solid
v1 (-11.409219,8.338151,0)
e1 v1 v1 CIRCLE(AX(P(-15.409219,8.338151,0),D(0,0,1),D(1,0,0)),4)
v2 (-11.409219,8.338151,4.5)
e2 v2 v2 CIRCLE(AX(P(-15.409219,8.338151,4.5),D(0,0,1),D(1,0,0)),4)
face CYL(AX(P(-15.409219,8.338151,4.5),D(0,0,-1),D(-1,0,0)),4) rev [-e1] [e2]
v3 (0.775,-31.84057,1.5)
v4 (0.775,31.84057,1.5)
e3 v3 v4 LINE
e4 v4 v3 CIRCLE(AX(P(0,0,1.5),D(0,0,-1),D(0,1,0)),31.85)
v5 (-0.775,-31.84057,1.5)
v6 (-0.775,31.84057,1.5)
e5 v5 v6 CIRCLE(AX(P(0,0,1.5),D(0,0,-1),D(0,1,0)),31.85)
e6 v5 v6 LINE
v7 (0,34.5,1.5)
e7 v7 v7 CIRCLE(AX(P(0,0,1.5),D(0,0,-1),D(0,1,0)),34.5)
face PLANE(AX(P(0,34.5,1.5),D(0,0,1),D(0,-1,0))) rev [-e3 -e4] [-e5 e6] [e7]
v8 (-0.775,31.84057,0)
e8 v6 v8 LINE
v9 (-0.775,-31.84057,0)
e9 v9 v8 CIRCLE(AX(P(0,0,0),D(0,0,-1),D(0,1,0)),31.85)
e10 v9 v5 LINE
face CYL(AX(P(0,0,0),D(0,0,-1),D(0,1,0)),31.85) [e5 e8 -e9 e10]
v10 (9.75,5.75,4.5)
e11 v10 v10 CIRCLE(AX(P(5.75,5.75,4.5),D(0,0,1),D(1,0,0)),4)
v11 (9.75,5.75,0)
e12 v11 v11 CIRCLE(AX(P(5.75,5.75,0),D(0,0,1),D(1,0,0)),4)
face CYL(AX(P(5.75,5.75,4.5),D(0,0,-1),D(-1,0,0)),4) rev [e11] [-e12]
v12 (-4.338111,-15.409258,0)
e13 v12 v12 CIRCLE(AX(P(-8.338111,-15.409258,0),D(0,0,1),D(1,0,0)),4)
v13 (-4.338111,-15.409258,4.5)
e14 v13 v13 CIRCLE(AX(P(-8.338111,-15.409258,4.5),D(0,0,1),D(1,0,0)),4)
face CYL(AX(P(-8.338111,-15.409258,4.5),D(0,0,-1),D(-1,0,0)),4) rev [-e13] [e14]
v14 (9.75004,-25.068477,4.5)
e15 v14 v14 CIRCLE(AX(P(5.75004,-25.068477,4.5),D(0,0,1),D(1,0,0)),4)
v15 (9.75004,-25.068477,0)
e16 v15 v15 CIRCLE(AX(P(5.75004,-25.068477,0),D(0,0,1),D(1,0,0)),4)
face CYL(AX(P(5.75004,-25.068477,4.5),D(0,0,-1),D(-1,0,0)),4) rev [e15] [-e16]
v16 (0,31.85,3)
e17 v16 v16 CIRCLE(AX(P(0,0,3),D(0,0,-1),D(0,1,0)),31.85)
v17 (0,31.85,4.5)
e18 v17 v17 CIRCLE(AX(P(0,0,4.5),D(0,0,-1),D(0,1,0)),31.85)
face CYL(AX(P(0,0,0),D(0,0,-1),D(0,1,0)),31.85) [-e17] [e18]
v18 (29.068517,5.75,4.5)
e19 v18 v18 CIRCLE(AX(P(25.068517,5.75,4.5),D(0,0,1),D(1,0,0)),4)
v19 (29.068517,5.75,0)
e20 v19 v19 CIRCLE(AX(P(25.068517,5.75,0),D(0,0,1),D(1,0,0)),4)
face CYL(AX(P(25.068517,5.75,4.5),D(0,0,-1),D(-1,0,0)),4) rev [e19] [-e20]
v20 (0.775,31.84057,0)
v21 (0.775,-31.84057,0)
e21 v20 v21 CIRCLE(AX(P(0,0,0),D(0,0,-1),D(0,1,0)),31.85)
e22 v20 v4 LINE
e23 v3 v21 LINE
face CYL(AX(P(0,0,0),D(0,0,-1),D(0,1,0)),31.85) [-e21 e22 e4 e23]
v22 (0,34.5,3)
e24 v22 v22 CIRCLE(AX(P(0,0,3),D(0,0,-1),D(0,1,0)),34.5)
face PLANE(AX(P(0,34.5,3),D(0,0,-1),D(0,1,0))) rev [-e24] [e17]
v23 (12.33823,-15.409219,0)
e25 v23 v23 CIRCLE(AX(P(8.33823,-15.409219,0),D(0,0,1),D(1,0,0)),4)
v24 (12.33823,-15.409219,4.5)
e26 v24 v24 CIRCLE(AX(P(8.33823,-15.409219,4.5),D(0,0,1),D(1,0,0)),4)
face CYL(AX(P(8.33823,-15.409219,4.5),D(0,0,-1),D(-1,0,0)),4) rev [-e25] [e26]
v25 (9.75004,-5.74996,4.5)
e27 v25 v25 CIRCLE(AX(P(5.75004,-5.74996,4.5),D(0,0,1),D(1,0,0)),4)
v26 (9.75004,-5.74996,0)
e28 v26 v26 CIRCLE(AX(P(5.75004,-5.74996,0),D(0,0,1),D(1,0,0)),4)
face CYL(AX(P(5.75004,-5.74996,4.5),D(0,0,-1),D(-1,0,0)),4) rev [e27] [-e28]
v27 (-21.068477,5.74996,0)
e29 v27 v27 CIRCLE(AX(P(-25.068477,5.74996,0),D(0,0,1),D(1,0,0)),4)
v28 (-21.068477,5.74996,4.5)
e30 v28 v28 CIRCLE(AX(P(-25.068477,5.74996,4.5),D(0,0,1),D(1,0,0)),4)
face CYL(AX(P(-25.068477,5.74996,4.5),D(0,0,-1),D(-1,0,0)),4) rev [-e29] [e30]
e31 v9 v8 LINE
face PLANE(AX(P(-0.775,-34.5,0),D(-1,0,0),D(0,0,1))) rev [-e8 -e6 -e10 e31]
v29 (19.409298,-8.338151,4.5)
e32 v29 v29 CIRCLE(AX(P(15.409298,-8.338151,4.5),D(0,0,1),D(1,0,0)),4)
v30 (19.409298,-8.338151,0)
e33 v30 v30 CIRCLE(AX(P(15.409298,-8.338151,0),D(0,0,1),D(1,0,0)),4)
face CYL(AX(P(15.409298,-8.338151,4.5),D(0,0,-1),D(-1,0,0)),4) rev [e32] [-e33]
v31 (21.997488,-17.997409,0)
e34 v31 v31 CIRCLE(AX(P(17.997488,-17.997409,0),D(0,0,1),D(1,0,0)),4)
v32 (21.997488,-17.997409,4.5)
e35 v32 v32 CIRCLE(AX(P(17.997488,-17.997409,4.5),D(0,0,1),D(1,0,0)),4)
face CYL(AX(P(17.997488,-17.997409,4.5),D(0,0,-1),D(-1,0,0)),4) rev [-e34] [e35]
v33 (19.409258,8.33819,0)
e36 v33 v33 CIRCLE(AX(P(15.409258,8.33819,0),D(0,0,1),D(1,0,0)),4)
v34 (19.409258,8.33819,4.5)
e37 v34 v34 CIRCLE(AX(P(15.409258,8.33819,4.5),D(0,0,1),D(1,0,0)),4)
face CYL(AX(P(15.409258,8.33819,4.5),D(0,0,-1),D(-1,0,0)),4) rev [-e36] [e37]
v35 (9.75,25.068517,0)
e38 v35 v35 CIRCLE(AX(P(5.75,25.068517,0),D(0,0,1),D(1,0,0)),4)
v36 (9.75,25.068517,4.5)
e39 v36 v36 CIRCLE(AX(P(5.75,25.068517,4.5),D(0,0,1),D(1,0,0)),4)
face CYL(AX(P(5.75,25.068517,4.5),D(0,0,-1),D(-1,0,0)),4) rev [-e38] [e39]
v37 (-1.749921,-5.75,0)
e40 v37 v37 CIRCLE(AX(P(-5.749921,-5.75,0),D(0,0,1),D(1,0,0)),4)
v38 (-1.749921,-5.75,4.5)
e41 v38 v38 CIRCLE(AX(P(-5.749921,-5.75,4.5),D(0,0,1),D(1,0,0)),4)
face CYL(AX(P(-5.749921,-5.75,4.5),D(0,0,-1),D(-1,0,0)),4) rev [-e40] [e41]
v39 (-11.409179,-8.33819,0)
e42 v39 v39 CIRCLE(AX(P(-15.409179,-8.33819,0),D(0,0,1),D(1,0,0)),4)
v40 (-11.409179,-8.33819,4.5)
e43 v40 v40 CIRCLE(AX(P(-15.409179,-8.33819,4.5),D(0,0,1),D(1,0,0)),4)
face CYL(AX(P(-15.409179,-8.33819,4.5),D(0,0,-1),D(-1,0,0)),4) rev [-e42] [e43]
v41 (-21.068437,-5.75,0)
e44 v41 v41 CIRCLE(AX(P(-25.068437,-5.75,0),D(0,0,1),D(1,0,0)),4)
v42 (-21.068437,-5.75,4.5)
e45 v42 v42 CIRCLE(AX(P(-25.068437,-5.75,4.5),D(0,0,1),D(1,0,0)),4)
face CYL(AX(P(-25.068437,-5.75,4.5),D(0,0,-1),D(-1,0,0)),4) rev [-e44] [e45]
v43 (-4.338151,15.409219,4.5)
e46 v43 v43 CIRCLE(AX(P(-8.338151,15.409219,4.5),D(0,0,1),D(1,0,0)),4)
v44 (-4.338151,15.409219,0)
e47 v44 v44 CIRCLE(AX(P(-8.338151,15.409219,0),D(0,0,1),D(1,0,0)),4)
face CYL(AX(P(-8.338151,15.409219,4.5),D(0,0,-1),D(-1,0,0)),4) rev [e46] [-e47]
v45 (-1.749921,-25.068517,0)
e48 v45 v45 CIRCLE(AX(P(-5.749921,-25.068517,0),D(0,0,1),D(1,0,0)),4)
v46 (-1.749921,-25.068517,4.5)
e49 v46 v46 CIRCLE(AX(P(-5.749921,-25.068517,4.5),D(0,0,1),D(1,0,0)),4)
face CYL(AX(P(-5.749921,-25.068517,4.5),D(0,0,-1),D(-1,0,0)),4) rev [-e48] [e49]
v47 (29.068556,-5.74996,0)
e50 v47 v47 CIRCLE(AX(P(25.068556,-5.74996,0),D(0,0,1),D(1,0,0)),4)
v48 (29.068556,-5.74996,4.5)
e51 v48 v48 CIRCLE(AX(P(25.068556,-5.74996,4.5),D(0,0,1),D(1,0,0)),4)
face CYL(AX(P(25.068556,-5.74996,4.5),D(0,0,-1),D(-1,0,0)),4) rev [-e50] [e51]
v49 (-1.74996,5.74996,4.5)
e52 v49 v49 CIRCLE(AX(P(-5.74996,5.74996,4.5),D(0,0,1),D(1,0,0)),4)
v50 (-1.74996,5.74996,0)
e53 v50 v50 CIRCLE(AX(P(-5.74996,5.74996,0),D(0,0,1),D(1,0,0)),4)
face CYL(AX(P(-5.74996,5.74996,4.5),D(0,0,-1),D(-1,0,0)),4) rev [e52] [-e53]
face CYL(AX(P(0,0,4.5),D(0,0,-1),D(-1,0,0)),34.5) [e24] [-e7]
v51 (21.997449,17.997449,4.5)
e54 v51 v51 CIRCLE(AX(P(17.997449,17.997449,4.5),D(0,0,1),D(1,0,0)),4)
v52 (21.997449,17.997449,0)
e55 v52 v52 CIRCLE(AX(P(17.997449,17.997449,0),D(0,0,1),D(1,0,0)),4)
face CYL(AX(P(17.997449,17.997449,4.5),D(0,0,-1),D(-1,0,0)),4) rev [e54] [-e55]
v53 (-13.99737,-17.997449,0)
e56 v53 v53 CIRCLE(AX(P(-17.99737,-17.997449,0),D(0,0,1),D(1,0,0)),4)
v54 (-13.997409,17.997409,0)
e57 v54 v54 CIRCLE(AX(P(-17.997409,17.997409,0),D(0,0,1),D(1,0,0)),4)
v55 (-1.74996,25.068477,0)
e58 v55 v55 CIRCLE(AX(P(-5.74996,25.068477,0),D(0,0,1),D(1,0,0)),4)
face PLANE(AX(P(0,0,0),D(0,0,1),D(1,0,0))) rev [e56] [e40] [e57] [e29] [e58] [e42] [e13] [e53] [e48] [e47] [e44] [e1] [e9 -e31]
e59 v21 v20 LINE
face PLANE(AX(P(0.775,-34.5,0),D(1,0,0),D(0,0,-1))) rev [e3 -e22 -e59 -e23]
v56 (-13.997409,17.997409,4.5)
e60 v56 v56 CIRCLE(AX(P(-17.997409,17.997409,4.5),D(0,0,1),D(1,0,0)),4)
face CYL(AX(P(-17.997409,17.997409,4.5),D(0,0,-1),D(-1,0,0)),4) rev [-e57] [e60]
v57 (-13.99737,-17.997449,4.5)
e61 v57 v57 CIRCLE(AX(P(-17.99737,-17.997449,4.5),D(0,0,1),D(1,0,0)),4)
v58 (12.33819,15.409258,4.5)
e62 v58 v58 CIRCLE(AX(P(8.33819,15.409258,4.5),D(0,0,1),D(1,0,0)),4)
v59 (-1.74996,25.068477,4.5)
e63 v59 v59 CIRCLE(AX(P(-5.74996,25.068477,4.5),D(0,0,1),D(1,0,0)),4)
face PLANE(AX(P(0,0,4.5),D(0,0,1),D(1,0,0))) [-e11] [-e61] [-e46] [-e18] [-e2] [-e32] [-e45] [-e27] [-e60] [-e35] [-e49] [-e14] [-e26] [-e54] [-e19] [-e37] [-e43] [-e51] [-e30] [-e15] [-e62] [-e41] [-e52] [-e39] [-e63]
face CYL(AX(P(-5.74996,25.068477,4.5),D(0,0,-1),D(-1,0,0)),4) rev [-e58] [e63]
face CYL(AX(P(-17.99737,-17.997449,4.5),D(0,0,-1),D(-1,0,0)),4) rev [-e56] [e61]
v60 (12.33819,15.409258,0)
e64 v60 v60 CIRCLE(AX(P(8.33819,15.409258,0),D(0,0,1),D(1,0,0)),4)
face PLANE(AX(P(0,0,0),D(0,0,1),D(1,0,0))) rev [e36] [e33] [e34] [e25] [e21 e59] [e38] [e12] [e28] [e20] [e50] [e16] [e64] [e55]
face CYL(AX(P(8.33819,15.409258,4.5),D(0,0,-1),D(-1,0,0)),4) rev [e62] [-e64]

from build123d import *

# Parameters (mm, degrees)
SKETCH1_R               = 34.5
SKETCH1_R_2             = 4
BOSS_EXTRUDE1_DEPTH     = 4.5
SKETCH2_W               = 1.5
SKETCH2_H               = 2.65
CUT_EXTRUDE1_DEPTH      = 49.997448913
CUT_EXTRUDE1_DEPTH_BACK = 49.997448913
SKETCH4_W               = 1.55
SKETCH4_H               = 1.5


with BuildPart() as part:
    # Sketch1 → Boss-Extrude1 (new body)
    with BuildSketch(Plane.XY):
        Circle(SKETCH1_R)
        with Locations((5.75, 5.75)):
            Circle(SKETCH1_R_2, mode=Mode.SUBTRACT)
        with Locations((8.338190451, 15.409258263)):
            Circle(SKETCH1_R_2, mode=Mode.SUBTRACT)
        with Locations((17.997448714, 17.997448714)):
            Circle(SKETCH1_R_2, mode=Mode.SUBTRACT)
        with Locations((15.409258263, 8.338190451)):
            Circle(SKETCH1_R_2, mode=Mode.SUBTRACT)
        with Locations((25.068516526, 5.75)):
            Circle(SKETCH1_R_2, mode=Mode.SUBTRACT)
        with Locations((5.75, 25.068516526)):
            Circle(SKETCH1_R_2, mode=Mode.SUBTRACT)
        with Locations((25.068556101, -5.749960425)):
            Circle(SKETCH1_R_2, mode=Mode.SUBTRACT)
        with Locations((15.409297838, -8.338150876)):
            Circle(SKETCH1_R_2, mode=Mode.SUBTRACT)
        with Locations((17.997488289, -17.997409139)):
            Circle(SKETCH1_R_2, mode=Mode.SUBTRACT)
        with Locations((8.338230026, -15.409218688)):
            Circle(SKETCH1_R_2, mode=Mode.SUBTRACT)
        with Locations((5.750039575, -25.068476951)):
            Circle(SKETCH1_R_2, mode=Mode.SUBTRACT)
        with Locations((5.750039575, -5.749960425)):
            Circle(SKETCH1_R_2, mode=Mode.SUBTRACT)
        with Locations((-5.74992085, -25.068516526)):
            Circle(SKETCH1_R_2, mode=Mode.SUBTRACT)
        with Locations((-8.338111301, -15.409258263)):
            Circle(SKETCH1_R_2, mode=Mode.SUBTRACT)
        with Locations((-17.997369564, -17.997448714)):
            Circle(SKETCH1_R_2, mode=Mode.SUBTRACT)
        with Locations((-15.409179113, -8.338190451)):
            Circle(SKETCH1_R_2, mode=Mode.SUBTRACT)
        with Locations((-25.068437376, -5.75)):
            Circle(SKETCH1_R_2, mode=Mode.SUBTRACT)
        with Locations((-5.74992085, -5.75)):
            Circle(SKETCH1_R_2, mode=Mode.SUBTRACT)
        with Locations((-25.068476951, 5.749960425)):
            Circle(SKETCH1_R_2, mode=Mode.SUBTRACT)
        with Locations((-15.409218688, 8.338150876)):
            Circle(SKETCH1_R_2, mode=Mode.SUBTRACT)
        with Locations((-17.997409139, 17.997409139)):
            Circle(SKETCH1_R_2, mode=Mode.SUBTRACT)
        with Locations((-8.338150876, 15.409218688)):
            Circle(SKETCH1_R_2, mode=Mode.SUBTRACT)
        with Locations((-5.749960425, 25.068476951)):
            Circle(SKETCH1_R_2, mode=Mode.SUBTRACT)
        with Locations((-5.749960425, 5.749960425)):
            Circle(SKETCH1_R_2, mode=Mode.SUBTRACT)
    extrude(amount=BOSS_EXTRUDE1_DEPTH)

    # Sketch2 → Cut-Revolve1 (revolve, cut)
    with BuildSketch(Plane(origin=(0, 0, 0), x_dir=(0, 0, -1), z_dir=(1, 0, 0))):
        with Locations((-0.75, 33.175)):
            Rectangle(SKETCH2_W, SKETCH2_H)
        with Locations((-3.75, 33.175)):
            Rectangle(SKETCH2_W, SKETCH2_H)
    revolve(axis=Axis((0, 0, 0), (0, 0, 1)), mode=Mode.SUBTRACT)

    # Sketch4 → Cut-Extrude1 (cut, two sides: drawn at the far end of the back side and taken through both)
    with BuildSketch(Plane(origin=(0, 0, 0), x_dir=(1, 0, 0), z_dir=(0, 1, 0)).offset(-CUT_EXTRUDE1_DEPTH_BACK)):
        with Locations((0, -0.75)):
            Rectangle(SKETCH4_W, SKETCH4_H)
    extrude(amount=CUT_EXTRUDE1_DEPTH + CUT_EXTRUDE1_DEPTH_BACK, mode=Mode.SUBTRACT)


solid = part.part
